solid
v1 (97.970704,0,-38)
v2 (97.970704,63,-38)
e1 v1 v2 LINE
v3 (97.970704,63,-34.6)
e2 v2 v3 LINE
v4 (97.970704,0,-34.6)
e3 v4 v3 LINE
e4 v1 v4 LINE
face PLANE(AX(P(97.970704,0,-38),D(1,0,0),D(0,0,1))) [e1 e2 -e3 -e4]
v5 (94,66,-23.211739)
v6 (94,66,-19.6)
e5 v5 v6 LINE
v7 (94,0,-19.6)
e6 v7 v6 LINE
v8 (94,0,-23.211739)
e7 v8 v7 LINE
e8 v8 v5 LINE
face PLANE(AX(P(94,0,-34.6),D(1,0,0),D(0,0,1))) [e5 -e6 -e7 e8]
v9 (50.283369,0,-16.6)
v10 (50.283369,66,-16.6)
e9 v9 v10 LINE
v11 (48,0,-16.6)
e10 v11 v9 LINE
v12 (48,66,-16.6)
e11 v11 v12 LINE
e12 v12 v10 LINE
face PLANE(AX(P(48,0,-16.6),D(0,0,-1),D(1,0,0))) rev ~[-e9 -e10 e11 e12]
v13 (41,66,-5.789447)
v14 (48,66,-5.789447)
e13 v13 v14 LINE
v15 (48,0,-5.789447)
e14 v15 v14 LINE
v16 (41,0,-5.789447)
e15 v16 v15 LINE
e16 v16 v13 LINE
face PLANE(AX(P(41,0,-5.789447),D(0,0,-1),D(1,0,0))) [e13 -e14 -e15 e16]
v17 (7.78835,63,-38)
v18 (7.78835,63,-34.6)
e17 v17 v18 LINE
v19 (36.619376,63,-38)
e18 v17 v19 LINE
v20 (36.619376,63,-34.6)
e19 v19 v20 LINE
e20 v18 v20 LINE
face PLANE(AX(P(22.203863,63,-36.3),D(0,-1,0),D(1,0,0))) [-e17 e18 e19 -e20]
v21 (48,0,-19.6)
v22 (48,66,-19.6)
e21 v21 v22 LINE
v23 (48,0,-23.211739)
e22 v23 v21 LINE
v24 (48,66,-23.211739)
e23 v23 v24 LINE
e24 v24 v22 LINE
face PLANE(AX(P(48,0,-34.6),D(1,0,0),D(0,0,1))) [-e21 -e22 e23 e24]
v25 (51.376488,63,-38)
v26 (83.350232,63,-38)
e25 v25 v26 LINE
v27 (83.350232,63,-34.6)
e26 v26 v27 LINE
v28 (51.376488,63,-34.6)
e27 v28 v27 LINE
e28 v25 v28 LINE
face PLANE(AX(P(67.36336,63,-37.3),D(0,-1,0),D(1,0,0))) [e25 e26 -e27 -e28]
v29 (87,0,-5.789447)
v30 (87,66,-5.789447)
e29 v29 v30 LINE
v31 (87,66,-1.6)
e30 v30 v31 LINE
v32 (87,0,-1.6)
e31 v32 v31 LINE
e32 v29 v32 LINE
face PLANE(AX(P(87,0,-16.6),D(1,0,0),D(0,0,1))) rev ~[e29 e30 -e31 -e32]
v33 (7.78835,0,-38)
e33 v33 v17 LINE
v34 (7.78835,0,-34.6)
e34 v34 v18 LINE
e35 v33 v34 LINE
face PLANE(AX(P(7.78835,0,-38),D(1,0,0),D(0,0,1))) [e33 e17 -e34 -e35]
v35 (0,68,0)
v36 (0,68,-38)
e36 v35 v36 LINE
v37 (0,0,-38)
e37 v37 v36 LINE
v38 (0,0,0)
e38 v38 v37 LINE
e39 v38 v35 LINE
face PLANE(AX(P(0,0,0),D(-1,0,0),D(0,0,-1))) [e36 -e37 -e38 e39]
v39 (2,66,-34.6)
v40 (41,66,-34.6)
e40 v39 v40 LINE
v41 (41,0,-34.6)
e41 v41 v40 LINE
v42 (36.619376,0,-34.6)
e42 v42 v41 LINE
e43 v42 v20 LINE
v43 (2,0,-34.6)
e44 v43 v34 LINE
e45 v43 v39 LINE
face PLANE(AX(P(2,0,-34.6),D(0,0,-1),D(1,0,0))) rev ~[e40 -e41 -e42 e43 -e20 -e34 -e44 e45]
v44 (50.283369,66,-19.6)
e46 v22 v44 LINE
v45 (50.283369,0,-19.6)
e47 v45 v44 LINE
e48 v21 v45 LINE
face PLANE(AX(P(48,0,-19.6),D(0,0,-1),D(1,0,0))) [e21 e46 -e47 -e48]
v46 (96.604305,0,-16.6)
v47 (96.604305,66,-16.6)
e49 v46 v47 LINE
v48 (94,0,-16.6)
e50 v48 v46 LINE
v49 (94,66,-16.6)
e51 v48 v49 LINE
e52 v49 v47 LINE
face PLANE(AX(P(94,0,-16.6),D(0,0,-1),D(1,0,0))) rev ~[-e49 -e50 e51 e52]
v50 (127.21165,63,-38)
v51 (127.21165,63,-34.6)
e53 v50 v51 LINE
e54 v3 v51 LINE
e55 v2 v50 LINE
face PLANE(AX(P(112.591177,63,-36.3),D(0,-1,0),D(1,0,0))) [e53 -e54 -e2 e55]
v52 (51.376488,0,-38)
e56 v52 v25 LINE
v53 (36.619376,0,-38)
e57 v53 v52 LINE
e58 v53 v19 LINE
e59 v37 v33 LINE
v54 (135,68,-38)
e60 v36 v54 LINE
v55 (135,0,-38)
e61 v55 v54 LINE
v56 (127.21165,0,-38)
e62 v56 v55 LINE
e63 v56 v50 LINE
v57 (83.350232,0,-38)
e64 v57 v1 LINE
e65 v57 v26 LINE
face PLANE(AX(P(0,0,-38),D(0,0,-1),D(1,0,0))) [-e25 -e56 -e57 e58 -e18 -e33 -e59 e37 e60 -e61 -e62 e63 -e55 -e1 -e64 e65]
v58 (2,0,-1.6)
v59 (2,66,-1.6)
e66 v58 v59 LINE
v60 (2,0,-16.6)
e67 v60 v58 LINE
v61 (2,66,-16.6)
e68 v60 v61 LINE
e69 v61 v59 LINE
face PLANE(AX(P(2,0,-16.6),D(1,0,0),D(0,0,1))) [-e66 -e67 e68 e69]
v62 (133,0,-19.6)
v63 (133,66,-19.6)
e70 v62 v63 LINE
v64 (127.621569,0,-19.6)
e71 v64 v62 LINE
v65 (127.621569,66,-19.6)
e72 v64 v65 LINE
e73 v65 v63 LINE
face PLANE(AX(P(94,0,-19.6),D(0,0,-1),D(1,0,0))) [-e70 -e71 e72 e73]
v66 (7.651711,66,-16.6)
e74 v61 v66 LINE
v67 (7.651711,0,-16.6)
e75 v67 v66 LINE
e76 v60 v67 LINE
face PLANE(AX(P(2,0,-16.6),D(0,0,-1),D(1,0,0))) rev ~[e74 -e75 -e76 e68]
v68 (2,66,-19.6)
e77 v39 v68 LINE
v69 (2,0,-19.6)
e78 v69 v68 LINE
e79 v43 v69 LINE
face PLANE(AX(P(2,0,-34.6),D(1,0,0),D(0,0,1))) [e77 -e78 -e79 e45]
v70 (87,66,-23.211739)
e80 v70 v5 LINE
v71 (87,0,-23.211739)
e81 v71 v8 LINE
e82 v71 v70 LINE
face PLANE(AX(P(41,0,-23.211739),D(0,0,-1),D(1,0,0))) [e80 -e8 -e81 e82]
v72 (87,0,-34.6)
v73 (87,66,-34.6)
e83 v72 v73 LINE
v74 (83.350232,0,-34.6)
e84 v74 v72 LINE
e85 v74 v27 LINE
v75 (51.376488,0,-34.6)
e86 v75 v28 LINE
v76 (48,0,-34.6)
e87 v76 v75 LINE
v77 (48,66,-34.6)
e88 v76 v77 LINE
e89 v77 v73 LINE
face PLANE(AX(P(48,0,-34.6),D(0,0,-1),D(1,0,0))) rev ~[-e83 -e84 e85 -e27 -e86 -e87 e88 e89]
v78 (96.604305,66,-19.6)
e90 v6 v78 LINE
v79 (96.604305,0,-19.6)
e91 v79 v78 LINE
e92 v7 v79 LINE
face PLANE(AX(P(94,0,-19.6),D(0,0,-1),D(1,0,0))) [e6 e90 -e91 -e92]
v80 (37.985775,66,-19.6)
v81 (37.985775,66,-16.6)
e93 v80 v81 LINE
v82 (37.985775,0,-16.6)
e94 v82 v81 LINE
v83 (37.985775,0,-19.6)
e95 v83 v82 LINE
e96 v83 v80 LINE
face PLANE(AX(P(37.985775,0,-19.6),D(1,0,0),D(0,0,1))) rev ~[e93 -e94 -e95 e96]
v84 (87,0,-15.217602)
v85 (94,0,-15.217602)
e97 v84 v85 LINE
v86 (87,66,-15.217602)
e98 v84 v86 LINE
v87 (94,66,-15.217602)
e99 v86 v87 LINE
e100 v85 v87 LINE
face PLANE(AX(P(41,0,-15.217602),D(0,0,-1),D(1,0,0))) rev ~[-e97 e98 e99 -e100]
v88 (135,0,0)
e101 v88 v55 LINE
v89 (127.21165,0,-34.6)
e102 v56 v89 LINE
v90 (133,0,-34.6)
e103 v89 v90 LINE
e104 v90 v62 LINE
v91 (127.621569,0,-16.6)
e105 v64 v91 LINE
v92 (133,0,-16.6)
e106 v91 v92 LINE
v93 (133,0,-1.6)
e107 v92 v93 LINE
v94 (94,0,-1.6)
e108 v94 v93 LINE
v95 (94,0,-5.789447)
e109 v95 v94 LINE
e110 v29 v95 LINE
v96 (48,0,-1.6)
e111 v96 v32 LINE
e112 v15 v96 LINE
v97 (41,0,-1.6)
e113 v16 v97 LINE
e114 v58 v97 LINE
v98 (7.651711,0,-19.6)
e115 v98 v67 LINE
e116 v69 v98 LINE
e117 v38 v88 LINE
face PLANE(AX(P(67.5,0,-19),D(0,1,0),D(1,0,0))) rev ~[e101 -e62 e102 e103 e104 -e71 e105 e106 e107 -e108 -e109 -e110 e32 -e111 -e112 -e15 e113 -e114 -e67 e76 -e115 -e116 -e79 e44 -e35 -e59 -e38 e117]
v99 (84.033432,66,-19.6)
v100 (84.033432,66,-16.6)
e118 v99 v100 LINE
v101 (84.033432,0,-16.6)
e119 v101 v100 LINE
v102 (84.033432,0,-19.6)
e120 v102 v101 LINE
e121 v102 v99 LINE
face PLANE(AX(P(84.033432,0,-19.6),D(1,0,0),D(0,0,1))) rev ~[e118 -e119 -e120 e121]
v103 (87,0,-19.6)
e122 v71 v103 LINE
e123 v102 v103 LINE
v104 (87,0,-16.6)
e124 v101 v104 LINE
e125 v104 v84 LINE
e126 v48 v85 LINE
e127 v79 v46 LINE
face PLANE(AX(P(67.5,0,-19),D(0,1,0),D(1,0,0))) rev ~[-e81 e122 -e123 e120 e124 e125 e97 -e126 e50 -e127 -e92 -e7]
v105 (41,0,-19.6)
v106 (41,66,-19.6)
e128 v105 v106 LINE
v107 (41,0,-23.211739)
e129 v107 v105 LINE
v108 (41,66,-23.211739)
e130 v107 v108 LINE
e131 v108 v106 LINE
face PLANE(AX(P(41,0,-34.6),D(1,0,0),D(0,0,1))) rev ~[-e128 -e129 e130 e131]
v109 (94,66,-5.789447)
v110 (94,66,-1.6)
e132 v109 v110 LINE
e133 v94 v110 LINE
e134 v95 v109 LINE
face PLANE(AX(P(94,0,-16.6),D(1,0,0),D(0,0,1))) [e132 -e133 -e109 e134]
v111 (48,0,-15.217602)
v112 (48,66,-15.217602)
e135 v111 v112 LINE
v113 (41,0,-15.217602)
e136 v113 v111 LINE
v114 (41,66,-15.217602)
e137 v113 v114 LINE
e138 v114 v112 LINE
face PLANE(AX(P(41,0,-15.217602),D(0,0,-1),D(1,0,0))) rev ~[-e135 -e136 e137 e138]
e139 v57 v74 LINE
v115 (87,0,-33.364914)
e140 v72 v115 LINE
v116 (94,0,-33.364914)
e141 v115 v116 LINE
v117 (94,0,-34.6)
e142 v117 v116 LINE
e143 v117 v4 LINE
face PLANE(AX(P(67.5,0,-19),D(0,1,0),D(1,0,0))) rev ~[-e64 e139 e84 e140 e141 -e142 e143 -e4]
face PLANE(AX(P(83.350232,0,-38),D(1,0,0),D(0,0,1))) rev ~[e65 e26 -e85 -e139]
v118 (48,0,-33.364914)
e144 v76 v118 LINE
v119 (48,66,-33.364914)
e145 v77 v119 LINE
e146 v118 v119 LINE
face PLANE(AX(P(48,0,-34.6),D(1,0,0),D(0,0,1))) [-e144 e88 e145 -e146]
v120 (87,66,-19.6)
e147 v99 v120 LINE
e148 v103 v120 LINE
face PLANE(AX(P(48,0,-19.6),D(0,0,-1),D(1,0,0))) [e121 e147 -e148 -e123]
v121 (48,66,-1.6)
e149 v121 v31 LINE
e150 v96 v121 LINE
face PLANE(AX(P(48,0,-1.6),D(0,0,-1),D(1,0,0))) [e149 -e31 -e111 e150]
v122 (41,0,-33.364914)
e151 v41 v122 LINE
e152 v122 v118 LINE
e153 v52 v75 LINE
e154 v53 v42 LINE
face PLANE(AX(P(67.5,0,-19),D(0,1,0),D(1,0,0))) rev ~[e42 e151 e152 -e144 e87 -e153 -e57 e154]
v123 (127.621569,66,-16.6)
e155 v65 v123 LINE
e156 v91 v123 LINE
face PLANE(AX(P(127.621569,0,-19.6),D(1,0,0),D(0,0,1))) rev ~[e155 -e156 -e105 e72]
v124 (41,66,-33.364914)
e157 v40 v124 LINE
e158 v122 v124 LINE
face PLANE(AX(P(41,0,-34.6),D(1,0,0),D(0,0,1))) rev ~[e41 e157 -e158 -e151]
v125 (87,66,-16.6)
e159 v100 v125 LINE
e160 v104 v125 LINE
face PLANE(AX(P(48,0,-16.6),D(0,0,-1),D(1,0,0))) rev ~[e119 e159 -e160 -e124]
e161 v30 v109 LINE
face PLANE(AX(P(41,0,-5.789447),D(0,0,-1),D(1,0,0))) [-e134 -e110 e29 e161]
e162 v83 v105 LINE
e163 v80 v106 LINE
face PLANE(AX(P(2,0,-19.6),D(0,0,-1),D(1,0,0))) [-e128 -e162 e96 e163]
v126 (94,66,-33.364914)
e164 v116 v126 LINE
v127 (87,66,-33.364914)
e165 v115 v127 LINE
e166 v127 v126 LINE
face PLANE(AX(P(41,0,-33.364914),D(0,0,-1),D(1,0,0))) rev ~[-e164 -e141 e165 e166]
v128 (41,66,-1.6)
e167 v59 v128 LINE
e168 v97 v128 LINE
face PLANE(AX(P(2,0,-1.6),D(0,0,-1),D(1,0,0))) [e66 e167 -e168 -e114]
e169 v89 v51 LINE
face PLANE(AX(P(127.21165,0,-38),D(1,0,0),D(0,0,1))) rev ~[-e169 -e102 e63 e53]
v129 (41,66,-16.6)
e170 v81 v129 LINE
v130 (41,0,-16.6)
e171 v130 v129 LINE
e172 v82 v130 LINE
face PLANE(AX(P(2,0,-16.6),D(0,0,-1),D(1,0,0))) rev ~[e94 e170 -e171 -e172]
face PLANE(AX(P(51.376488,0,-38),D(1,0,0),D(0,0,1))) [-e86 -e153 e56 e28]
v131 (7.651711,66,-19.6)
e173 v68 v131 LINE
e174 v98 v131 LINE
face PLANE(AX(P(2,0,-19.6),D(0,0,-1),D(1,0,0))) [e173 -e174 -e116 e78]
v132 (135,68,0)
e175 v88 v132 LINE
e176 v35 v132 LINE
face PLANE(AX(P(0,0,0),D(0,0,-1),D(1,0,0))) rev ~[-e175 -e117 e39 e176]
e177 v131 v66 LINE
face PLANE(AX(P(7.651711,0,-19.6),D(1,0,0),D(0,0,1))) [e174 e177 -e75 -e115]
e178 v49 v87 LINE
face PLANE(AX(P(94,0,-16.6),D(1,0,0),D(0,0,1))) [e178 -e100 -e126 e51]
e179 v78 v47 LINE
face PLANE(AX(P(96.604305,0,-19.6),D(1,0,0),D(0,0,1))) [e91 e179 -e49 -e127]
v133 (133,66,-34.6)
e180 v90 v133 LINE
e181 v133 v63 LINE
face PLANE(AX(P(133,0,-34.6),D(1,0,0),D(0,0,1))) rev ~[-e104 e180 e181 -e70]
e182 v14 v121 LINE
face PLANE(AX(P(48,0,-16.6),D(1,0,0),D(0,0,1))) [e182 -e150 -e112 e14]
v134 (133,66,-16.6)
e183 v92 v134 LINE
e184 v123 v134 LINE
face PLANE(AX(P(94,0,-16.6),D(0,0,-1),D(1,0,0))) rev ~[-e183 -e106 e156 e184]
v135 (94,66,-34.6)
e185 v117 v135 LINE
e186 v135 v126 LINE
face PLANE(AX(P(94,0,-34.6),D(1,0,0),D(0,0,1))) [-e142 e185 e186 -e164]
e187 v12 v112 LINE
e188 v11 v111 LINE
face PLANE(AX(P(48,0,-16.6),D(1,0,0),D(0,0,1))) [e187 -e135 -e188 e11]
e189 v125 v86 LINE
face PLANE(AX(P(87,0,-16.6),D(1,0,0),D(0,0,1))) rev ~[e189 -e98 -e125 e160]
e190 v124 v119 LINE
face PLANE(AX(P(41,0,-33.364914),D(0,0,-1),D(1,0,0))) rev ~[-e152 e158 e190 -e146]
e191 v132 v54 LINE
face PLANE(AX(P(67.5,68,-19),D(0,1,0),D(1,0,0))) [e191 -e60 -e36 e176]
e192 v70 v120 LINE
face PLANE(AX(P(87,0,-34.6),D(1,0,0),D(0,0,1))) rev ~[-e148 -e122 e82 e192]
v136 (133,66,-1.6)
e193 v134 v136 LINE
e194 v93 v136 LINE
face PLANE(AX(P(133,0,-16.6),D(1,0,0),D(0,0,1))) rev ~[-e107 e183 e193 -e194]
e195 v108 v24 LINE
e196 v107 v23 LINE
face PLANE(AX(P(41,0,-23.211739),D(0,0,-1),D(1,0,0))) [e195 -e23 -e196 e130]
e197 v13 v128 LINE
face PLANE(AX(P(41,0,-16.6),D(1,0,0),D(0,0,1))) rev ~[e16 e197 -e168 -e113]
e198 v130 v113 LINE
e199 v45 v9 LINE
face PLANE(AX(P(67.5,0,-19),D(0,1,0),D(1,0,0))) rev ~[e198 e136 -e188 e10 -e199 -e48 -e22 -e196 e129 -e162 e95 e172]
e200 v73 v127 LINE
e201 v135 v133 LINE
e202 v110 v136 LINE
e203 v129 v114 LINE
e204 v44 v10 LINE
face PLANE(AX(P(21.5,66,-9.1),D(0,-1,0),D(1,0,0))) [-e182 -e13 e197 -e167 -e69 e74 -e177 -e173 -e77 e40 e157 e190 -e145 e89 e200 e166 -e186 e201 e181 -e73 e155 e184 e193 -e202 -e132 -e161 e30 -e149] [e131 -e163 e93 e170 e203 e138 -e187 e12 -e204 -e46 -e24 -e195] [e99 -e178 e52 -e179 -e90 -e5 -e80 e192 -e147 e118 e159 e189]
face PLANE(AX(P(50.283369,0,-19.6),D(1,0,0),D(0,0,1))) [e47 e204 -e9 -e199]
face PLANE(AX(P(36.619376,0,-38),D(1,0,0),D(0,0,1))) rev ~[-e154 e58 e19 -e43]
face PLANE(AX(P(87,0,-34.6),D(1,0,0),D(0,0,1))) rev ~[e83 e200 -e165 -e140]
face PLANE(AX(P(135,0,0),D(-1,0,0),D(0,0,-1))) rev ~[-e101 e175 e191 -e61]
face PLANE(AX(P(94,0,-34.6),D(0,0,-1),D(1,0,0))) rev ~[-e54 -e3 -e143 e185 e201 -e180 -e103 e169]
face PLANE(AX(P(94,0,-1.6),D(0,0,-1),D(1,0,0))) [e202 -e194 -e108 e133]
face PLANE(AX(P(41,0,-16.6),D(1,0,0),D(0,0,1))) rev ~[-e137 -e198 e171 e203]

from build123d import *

# Parameters (mm, degrees)
SKETCH_1_W          = 135
SKETCH_1_H          = 38
EXTRUDE_312_DEPTH   = 68
SKETCH_2_W          = 39
SKETCH_2_H          = 15
CUT_EXTRUDE_1_DEPTH = 66
SKETCH_4_W          = 53
SKETCH_4_H          = 9.428155193
CUT_EXTRUDE_2_DEPTH = 66
SKETCH_6_W          = 53
SKETCH_6_H          = 10.153175229
CUT_EXTRUDE_3_DEPTH = 66
SKETCH_7_W          = 30.334064535
SKETCH_7_H          = 3
SKETCH_7_W_2        = 33.750062794
SKETCH_7_W_3        = 31.017264187
CUT_EXTRUDE_4_DEPTH = 66
SKETCH_11_W         = 28.831025302
SKETCH_11_H         = 3.4
SKETCH_11_W_2       = 31.973743699
SKETCH_11_H_2       = 1.4
SKETCH_11_W_3       = 29.240945093
CUT_EXTRUDE_6_DEPTH = 63
SKETCH_12_W         = 31.973743699
SKETCH_12_H         = 2
CUT_EXTRUDE_7_DEPTH = 63


with BuildPart() as part:
    # Эскиз1 → Extrude 312 (new body)
    with BuildSketch(Plane(origin=(0, 0, 0), x_dir=(1, 0, 0), z_dir=(0, 1, 0))):
        with Locations((67.5, 19)):
            Rectangle(SKETCH_1_W, SKETCH_1_H)
    extrude(amount=EXTRUDE_312_DEPTH)

    # Эскиз2 → Вырез-Вытянуть1 (cut)
    with BuildSketch(Plane.XZ):
        with Locations((21.5, -9.1)):
            Rectangle(SKETCH_2_W, SKETCH_2_H)
        with Locations((67.5, -9.1)):
            Rectangle(SKETCH_2_W, SKETCH_2_H)
        with Locations((113.5, -9.1)):
            Rectangle(SKETCH_2_W, SKETCH_2_H)
        with Locations((67.5, -27.1)):
            Rectangle(SKETCH_2_W, SKETCH_2_H)
        with Locations((113.5, -27.1)):
            Rectangle(SKETCH_2_W, SKETCH_2_H)
        with Locations((21.5, -27.1)):
            Rectangle(SKETCH_2_W, SKETCH_2_H)
    extrude(amount=-CUT_EXTRUDE_1_DEPTH, mode=Mode.SUBTRACT)

    # Эскиз4 → Вырез-Вытянуть2 (cut)
    with BuildSketch(Plane.XZ):
        with Locations((67.5, -10.503524842)):
            Rectangle(SKETCH_4_W, SKETCH_4_H)
    extrude(amount=-CUT_EXTRUDE_2_DEPTH, mode=Mode.SUBTRACT)

    # Эскиз6 → Вырез-Вытянуть3 (cut)
    with BuildSketch(Plane.XZ):
        with Locations((67.5, -28.288326327)):
            Rectangle(SKETCH_6_W, SKETCH_6_H)
    extrude(amount=-CUT_EXTRUDE_3_DEPTH, mode=Mode.SUBTRACT)

    # Эскиз7 → Вырез-Вытянуть4 (cut)
    with BuildSketch(Plane.XZ):
        with Locations((22.818742778, -18.1)):
            Rectangle(SKETCH_7_W, SKETCH_7_H)
        with Locations((67.158400174, -18.1)):
            Rectangle(SKETCH_7_W_2, SKETCH_7_H)
        with Locations((112.112937257, -18.1)):
            Rectangle(SKETCH_7_W_3, SKETCH_7_H)
    extrude(amount=-CUT_EXTRUDE_4_DEPTH, mode=Mode.SUBTRACT)

    # Эскиз11 → Вырез-Вытянуть6 (cut)
    with BuildSketch(Plane.XZ):
        with Locations((22.203863092, -36.3)):
            Rectangle(SKETCH_11_W, SKETCH_11_H)
        with Locations((67.36336007, -37.3)):
            Rectangle(SKETCH_11_W_2, SKETCH_11_H_2)
        with Locations((112.591177012, -36.3)):
            Rectangle(SKETCH_11_W_3, SKETCH_11_H)
    extrude(amount=-CUT_EXTRUDE_6_DEPTH, mode=Mode.SUBTRACT)

    # Эскиз12 → Вырез-Вытянуть7 (cut)
    with BuildSketch(Plane.XZ):
        with Locations((67.36336007, -35.6)):
            Rectangle(SKETCH_12_W, SKETCH_12_H)
    extrude(amount=-CUT_EXTRUDE_7_DEPTH, mode=Mode.SUBTRACT)


solid = part.part
